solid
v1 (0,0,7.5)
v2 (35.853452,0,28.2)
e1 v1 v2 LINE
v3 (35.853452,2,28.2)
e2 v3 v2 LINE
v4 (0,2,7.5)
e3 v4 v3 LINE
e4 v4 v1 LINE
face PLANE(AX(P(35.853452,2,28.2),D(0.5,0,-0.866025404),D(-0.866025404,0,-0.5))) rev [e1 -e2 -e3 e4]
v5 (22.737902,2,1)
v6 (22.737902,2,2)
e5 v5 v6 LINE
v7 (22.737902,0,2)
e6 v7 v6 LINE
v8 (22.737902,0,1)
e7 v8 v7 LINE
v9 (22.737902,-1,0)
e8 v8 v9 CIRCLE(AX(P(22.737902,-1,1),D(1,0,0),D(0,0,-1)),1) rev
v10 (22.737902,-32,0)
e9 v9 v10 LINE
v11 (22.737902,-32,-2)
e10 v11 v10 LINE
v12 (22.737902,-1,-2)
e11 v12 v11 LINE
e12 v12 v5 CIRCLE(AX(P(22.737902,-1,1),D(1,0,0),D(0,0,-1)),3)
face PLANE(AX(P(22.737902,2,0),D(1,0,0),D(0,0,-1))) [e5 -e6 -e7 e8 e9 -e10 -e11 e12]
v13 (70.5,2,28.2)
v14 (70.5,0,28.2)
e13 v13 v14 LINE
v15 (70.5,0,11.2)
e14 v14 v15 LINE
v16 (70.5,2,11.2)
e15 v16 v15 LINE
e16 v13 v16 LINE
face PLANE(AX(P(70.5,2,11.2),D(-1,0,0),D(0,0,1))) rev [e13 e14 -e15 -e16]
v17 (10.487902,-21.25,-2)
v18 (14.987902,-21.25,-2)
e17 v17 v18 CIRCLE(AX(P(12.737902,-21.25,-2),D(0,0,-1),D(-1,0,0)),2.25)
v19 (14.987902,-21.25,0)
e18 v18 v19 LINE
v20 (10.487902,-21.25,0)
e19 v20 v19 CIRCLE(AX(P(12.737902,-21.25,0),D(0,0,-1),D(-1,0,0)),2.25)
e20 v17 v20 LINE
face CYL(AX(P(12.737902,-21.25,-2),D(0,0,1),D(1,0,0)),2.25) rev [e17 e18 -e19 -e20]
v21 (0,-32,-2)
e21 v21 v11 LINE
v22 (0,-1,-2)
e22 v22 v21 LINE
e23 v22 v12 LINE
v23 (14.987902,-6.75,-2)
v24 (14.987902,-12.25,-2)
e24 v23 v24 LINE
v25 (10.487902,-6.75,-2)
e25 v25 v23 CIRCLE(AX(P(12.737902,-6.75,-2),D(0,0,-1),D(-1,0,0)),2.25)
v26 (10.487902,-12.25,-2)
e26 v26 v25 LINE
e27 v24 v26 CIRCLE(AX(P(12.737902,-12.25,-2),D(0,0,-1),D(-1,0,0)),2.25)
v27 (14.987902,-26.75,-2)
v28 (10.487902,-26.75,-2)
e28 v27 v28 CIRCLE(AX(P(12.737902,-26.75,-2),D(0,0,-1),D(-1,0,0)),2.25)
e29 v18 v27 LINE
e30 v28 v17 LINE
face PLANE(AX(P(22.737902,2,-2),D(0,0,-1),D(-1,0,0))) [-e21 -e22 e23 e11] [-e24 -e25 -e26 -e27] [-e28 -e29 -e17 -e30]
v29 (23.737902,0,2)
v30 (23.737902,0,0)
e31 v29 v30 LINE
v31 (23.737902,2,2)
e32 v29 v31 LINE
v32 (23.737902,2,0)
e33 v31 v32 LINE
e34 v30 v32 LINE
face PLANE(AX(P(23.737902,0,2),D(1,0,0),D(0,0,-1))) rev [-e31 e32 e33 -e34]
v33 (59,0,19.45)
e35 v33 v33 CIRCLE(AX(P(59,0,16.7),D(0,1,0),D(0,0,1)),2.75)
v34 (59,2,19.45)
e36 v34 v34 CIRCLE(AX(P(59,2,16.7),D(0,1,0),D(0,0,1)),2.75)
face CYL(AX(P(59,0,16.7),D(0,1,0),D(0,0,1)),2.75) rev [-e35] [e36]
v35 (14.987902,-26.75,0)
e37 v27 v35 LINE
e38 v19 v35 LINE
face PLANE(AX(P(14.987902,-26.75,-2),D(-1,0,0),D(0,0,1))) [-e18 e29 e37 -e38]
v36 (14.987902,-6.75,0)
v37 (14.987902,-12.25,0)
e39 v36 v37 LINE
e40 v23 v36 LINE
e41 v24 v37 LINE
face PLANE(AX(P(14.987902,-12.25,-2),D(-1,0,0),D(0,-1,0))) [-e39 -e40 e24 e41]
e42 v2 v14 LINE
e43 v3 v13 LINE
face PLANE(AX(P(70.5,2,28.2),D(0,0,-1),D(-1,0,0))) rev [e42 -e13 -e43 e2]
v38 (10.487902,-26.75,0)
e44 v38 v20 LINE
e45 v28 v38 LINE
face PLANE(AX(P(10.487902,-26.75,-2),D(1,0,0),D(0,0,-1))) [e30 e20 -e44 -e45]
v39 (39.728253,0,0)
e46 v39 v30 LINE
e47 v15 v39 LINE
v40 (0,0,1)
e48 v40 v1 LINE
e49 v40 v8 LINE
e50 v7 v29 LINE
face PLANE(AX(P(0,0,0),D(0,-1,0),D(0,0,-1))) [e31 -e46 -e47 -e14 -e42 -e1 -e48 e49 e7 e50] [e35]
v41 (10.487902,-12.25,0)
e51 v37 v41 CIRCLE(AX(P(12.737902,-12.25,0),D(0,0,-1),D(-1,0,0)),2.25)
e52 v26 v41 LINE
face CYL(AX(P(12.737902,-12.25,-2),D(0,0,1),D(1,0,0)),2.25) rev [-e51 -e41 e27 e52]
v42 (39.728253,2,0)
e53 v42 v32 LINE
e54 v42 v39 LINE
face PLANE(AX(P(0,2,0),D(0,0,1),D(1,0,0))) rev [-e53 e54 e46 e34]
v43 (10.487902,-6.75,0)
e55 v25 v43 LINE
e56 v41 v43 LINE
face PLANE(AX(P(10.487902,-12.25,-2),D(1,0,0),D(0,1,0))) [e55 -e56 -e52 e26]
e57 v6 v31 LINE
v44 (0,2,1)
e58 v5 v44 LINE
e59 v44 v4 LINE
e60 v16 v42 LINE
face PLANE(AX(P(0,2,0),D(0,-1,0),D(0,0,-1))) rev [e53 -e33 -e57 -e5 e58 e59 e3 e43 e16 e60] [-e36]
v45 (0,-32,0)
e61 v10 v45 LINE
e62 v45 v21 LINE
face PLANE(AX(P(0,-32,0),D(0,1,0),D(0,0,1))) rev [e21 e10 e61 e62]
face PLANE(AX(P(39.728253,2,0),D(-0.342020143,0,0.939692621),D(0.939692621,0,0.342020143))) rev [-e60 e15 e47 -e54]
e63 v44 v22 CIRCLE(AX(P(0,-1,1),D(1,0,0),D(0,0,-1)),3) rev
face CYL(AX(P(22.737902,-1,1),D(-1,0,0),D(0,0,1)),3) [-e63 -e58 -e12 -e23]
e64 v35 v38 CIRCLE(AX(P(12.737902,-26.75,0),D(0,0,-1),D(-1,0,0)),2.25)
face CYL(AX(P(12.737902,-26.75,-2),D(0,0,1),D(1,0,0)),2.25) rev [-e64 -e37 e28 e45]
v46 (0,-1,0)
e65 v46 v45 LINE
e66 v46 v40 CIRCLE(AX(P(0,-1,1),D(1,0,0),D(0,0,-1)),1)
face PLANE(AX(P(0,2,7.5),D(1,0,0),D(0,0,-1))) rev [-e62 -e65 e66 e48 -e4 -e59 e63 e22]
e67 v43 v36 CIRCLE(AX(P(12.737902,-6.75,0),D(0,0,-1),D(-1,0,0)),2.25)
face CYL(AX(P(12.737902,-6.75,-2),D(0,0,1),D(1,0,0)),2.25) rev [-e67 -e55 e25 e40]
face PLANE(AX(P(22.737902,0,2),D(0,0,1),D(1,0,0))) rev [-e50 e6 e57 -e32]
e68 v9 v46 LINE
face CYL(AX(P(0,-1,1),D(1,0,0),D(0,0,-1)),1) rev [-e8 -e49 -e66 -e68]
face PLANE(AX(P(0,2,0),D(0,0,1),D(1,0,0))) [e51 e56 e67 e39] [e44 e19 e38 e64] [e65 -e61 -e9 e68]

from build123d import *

# Parameters (mm, degrees)
EXTRUDE_1_DEPTH      = 2
SKETCH_2_R           = 2.75
CUT_EXTRUDE_1_DEPTH  = 76.957158978
EXTRUDE_2_DEPTH      = 32
EXTRUDE_2_DEPTH_BACK = 2
SKETCH_3_W           = 22.737902435
SKETCH_3_H           = 2
CUT_EXTRUDE_2_DEPTH  = 83.398361634
SKETCH_7_W           = 1
SKETCH_7_H           = 2
CUT_EXTRUDE_3_DEPTH  = 2
FILLET_1_R           = 3
FILLET_2_R           = 1


with BuildPart() as part:
    # 草图1 → 凸台-拉伸1 (new body)
    with BuildSketch(Plane(origin=(0, 0, 0), x_dir=(1, 0, 0), z_dir=(0, 1, 0))):
        Polygon((0, 0), (39.728252902, 0), (70.5, -11.2), (70.5, -28.2), (35.853451717, -28.2), (0, -7.5), align=None)
    extrude(amount=EXTRUDE_1_DEPTH)

    # 草图2 → 切除-拉伸1 (cut, through all)
    with BuildSketch(Plane(origin=(0, 2, 0), x_dir=(1, 0, 0), z_dir=(0, 1, 0))):
        with Locations(Location((59, -16.7, 0), (0, 0, 270))):
            Circle(SKETCH_2_R)
    extrude(amount=-CUT_EXTRUDE_1_DEPTH, mode=Mode.SUBTRACT)

    # 草图3 → 凸台-拉伸2 (add, two sides: drawn at the far end of the back side and taken through both)
    with BuildSketch(Plane.XZ.offset(-EXTRUDE_2_DEPTH_BACK)):
        with Locations((11.368951218, -1)):
            Rectangle(SKETCH_3_W, SKETCH_3_H)
    extrude(amount=EXTRUDE_2_DEPTH + EXTRUDE_2_DEPTH_BACK)

    # 草图4 → 切除-拉伸2 (cut, through all)
    with BuildSketch(Plane(origin=(0, 0, 0), x_dir=(-1, 0, 0), z_dir=(0, 0, -1))):
        with BuildLine():
            Line((-14.987902435, -26.75), (-14.987902435, -21.25))
            ThreePointArc((-14.987902435, -21.25), (-12.737902435, -19), (-10.487902435, -21.25))
            Line((-10.487902435, -21.25), (-10.487902435, -26.75))
            ThreePointArc((-10.487902435, -26.75), (-12.737902435, -29), (-14.987902435, -26.75))
        make_face()
        with BuildLine():
            Line((-14.987902435, -12.25), (-14.987902435, -6.75))
            ThreePointArc((-14.987902435, -6.75), (-12.737902435, -4.5), (-10.487902435, -6.75))
            Line((-10.487902435, -6.75), (-10.487902435, -12.25))
            ThreePointArc((-10.487902435, -12.25), (-12.737902435, -14.5), (-14.987902435, -12.25))
        make_face()
    extrude(amount=CUT_EXTRUDE_2_DEPTH, mode=Mode.SUBTRACT)

    # 草图7 → 切除-拉伸3 (cut)
    with BuildSketch(Plane(origin=(0, 2, 0), x_dir=(1, 0, 0), z_dir=(0, 1, 0))):
        with Locations((23.237902435, -1)):
            Rectangle(SKETCH_7_W, SKETCH_7_H)
    extrude(amount=-CUT_EXTRUDE_3_DEPTH, mode=Mode.SUBTRACT)

    # 圆角1
    fillet_1_edges = [part.edges().sort_by_distance(p)[0] for p in [
        (11.368951218, 2, -2),
    ]]
    fillet(fillet_1_edges, radius=FILLET_1_R)

    # 圆角2
    fillet_2_edges = [part.edges().sort_by_distance(p)[0] for p in [
        (11.368951218, 0, 0),
    ]]
    fillet(fillet_2_edges, radius=FILLET_2_R)


solid = part.part
